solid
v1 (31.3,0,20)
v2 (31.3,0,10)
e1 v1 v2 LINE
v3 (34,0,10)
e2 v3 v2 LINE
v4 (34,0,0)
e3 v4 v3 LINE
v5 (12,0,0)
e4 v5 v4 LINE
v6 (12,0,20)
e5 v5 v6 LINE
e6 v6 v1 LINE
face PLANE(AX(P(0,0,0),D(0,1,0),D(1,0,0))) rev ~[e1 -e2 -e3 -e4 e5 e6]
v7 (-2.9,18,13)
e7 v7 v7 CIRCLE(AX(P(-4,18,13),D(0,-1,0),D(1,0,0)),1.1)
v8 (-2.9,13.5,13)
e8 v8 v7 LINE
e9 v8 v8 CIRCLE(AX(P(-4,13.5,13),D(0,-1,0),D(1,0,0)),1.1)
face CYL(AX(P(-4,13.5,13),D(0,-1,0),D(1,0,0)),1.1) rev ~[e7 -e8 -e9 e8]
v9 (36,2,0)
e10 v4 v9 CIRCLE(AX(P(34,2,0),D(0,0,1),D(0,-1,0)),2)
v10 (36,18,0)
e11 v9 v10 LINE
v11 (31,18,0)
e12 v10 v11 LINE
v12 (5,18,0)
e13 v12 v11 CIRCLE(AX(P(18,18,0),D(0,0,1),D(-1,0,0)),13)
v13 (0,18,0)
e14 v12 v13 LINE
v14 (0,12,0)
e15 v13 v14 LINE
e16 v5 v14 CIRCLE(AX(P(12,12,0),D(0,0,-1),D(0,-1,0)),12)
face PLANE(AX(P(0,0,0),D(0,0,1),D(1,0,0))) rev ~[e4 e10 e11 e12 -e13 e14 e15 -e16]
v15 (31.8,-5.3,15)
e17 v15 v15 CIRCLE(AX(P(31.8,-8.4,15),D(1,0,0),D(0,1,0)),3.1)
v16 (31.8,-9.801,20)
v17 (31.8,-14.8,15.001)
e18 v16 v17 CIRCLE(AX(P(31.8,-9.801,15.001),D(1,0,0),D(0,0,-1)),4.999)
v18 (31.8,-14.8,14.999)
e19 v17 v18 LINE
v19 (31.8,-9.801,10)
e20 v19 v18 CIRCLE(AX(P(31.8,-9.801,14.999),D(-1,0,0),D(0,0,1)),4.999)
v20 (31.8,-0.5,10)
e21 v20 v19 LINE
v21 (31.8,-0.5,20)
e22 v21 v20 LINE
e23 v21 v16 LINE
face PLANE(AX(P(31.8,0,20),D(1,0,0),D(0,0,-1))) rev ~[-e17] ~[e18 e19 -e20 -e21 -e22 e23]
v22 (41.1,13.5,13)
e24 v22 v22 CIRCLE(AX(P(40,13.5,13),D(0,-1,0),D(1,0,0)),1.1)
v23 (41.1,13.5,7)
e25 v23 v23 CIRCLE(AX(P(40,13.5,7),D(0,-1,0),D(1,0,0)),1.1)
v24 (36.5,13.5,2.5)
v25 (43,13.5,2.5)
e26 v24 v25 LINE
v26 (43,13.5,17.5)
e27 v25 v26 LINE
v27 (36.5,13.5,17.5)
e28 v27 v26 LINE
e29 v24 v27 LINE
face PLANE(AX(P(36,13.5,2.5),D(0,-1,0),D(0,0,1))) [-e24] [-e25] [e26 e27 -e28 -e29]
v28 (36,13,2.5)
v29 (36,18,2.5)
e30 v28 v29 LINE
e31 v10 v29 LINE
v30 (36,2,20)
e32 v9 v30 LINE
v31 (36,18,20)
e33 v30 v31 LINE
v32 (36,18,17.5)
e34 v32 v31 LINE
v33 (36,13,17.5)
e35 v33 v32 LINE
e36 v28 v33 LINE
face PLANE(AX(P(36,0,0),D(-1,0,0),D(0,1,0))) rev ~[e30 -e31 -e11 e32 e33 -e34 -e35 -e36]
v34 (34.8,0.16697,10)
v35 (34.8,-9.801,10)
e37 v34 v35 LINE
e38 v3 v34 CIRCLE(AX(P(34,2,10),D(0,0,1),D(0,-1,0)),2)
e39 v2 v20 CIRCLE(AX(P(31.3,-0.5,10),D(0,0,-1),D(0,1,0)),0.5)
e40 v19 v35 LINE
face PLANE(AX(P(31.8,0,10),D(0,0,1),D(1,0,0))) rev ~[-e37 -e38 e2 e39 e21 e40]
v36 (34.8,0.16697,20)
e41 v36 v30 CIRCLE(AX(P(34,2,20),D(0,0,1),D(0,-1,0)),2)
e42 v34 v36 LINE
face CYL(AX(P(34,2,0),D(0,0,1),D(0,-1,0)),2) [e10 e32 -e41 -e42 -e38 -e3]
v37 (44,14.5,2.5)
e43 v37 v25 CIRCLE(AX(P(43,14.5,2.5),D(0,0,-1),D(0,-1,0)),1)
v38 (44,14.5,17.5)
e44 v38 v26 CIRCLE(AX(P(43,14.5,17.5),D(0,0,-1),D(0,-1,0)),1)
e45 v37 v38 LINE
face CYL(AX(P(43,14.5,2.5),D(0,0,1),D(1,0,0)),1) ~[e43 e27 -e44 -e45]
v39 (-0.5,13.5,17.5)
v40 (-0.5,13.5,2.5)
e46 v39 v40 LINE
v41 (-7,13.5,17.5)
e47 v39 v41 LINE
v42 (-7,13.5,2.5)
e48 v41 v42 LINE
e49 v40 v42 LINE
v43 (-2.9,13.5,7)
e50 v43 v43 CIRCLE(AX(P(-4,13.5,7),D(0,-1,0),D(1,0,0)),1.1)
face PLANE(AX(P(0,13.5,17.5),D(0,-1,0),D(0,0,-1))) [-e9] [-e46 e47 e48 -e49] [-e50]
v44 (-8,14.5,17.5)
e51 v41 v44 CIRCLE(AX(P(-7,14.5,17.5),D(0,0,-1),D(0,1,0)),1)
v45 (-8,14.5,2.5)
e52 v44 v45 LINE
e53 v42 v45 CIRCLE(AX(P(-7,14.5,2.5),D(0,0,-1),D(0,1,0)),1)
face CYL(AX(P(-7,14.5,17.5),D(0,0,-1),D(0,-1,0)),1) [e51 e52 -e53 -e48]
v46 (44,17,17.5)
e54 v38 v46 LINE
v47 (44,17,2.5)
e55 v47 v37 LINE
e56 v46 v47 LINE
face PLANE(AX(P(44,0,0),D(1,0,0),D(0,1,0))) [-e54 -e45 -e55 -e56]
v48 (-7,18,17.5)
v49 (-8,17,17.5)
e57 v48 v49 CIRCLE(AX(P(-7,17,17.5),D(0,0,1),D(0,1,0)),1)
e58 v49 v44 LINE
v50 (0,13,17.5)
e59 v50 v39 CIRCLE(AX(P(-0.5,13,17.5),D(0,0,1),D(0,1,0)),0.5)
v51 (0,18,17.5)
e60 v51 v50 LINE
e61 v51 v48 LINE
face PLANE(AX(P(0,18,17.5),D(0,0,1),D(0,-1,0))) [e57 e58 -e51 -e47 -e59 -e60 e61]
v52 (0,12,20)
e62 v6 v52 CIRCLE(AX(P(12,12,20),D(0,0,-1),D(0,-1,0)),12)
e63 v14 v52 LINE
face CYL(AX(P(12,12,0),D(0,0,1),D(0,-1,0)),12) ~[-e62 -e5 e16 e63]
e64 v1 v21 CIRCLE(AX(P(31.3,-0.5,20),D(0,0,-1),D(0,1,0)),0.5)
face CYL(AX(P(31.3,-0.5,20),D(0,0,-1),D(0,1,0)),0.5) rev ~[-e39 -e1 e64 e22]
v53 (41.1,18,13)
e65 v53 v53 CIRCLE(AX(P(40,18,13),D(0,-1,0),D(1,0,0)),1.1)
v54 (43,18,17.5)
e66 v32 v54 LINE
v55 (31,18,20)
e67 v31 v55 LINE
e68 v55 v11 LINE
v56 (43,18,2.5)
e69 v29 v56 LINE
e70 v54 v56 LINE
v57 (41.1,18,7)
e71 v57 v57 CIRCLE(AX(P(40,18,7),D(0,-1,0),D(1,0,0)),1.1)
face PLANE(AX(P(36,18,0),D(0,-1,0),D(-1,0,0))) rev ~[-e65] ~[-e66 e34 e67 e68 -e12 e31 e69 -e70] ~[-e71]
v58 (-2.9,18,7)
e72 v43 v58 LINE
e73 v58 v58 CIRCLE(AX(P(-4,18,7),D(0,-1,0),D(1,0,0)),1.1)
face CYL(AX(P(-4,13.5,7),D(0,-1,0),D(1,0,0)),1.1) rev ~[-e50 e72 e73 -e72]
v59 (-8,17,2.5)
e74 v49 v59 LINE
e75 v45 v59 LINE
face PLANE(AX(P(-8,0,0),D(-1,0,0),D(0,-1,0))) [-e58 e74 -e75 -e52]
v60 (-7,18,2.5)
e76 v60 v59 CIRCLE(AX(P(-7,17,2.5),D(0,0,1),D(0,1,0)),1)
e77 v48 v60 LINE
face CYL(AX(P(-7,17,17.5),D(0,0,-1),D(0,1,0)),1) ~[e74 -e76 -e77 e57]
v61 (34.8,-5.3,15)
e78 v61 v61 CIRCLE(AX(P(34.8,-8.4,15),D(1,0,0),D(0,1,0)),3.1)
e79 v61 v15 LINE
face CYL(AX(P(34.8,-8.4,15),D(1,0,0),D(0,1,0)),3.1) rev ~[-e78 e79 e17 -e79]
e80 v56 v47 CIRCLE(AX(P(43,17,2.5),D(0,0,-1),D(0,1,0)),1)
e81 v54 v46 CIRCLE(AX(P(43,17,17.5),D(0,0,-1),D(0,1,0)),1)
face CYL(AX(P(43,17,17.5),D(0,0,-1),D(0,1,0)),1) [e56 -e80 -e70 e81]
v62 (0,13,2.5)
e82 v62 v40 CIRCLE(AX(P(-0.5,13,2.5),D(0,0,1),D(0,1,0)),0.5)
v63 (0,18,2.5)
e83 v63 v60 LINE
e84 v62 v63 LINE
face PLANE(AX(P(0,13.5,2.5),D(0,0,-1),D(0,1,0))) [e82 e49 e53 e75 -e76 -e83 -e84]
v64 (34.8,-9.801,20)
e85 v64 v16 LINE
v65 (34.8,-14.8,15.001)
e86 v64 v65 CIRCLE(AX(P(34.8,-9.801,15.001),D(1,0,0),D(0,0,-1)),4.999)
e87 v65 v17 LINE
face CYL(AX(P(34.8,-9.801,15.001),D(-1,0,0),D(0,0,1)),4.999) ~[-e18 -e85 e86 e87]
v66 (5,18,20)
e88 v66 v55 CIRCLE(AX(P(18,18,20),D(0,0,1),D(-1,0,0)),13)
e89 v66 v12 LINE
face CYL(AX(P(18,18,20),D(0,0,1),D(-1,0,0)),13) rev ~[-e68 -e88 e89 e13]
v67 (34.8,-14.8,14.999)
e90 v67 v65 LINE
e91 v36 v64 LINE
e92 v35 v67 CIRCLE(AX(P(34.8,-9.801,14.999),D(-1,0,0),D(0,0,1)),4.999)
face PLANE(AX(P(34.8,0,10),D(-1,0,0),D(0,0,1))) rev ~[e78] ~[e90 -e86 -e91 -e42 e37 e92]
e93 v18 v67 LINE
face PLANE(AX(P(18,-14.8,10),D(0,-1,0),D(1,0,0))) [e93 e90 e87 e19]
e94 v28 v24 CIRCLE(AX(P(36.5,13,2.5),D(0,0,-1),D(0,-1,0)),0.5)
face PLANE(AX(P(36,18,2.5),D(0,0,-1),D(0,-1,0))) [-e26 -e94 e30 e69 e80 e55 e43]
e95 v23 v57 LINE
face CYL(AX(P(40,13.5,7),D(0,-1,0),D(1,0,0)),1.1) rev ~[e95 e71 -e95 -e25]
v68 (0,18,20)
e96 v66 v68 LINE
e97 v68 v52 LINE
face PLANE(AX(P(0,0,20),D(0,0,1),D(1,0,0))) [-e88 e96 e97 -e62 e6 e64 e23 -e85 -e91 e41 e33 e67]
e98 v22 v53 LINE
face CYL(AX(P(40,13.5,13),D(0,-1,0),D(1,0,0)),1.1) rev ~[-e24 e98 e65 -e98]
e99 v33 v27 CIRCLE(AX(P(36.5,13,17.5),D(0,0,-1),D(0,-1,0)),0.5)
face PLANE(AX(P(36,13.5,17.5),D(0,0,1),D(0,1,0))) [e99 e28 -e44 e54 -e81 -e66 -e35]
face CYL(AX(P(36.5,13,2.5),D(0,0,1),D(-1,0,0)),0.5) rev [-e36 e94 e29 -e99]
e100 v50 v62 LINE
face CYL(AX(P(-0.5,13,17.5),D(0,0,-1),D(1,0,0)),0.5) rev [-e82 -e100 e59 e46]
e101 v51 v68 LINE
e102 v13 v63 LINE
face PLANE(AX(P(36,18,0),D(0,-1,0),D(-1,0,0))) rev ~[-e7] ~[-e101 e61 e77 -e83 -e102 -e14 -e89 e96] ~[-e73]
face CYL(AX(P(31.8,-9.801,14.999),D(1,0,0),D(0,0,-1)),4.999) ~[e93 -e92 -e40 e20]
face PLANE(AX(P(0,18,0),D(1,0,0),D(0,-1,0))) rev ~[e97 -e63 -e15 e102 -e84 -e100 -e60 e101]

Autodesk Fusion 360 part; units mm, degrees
sketch "Sketch1" plane through (0, 0, 0) normal (0, 0, 1) x (1, 0, 0)
  line L0 (0, 0) -> (36, 0)
  line L1 (36, 0) -> (36, 18)
  line L2 (36, 18) -> (0, 18)
  line L3 (0, 18) -> (0, 0)
  dimension "d1" = 36
  dimension "d2" = 18
extrude "Extrude1" add sketch "Sketch1" along normal blind 20
sketch "Sketch2" plane through (0, 0, 20) normal (0, 0, 1) x (-1, 0, 0)
  line L0 (0, -18) -> (0, 0)
  line L1 (0, 0) -> (-36, 0)
  line L2 (-36, 0) -> (-36, -18)
  line L3 (-36, -18) -> (0, -18)
  circle A0 centre (-18, -18) radius 13
  dimension "d5" = 26
extrude "Extrude2" cut sketch "Sketch2" against normal blind 20 contours L3 A0 picked at (-19.0768, -11.2377)
ref_plane "WorkPlane1" through (0, 20, 0) normal (0, 1, 0) x (0, 0, 1)
sketch "Sketch7" plane through (0, 0, 0) normal (0, -1, 0) x (1, 0, 0)
  line L0 (0, 0) -> (36, 0)
  line L1 (36, 20) -> (0, 20)
  line L2 (0, 20) -> (0, 0)
  line L3 (18, 10) -> (18, 23) construction
  line L4 (36, 0) -> (36, 20)
sketch "Sketch6" plane through (36, 0, 0) normal (1, 0, 0) x (0, 1, 0)
  line L0 (0, 0) -> (18, 0)
  line L1 (18, 0) -> (18, 20)
  line L2 (18, 20) -> (0, 20)
  line L3 (0, 20) -> (0, 0)
  line L4 (0, 20) -> (18, 0) construction
  line L5 (0, 0) -> (18, 20) construction
  line L6 (9, 10) -> (18, 10) construction
  line L7 (9, 10) -> (9, 0) construction
  line L8 (9, 10) -> (9, 20) construction
  line L9 (13.5, 17.5) -> (18, 17.5) construction
  line L10 (13.5, 5) -> (13.5, 10) construction
  line L11 (18, 7.5) -> (18, 12.5311)
  line L12 (13.5, 17.5) -> (18, 17.5)
  line L13 (18, 17.5) -> (18, 2.5)
  line L14 (18, 2.5) -> (13.5, 2.5)
  line L15 (13.5, 2.5) -> (13.5, 17.5)
  dimension "d25" = 15
  dimension "d26" = 4.5
  dimension "d34" = 7.5
extrude "Extrude7" add sketch "Sketch6" along normal blind 8 contours L1 L11 L12 L13 L14 L15
sketch "Sketch11" plane through (0, 13.5, 0) normal (0, -1, 0) x (1, 0, 0)
  line L0 (36, 17.5) -> (36, 2.5)
  line L1 (36, 2.5) -> (44, 2.5)
  line L2 (44, 2.5) -> (44, 17.5)
  line L3 (44, 17.5) -> (36, 17.5)
  circle A0 centre (40, 13) radius 1.1
  circle A1 centre (40, 7) radius 1.1
  line L4 (36, 0) -> (36, 20)
  line L5 (36, 20) -> (0, 20)
  line L6 (18, 10) -> (18, 23)
  circle A2 centre (-4, 13) radius 1.1
  circle A3 centre (-4, 7) radius 1.1
  dimension "d30" = 2.2
  dimension "d31" = 2.2
  dimension "d35" = 6
  dimension "d36" = 4
  dimension "d37" = 4
  dimension "d38" = 7
sketch "Sketch12" plane through (0, 0, 0) normal (-1, 0, 0) x (0, -1, 0)
  line L0 (-18, 0) -> (0, 0)
  line L1 (0, 0) -> (0, 20)
  line L2 (0, 20) -> (-18, 20)
  line L3 (-18, 20) -> (-18, 0)
  line L4 (-18, 17.5) -> (-13.5, 17.5)
  line L5 (-13.5, 17.5) -> (-13.5, 2.5)
  line L6 (-13.5, 2.5) -> (-18, 2.5)
  line L7 (-18, 2.5) -> (-18, 17.5)
  line L8 (-18, 10) -> (-8, 10) construction
  dimension "d39" = 15
  dimension "d40" = 7.5
  dimension "d41" = 4.5
extrude "Extrude8" add sketch "Sketch12" along normal blind 8 contours L3 L4 L5 L6 L7
extrude "Extrude9" cut sketch "Sketch11" against normal blind 4.5 contours A0 | A1 | A2 | A3
sketch "Sketch13" plane through (0, 0, 20) normal (0, 0, 1) x (-1, 0, 0)
  arc A0 (-5, -18) -> (-31, -18) centre (-18, -18) ccw
  line L0 (-5, -18) -> (0, -18)
  line L1 (0, -18) -> (0, 0)
  line L2 (0, 0) -> (-36, 0)
  line L3 (-36, 0) -> (-36, -18)
  line L4 (-36, -18) -> (-31, -18)
  line L5 (-34.8, -18) -> (-34.8, 0) construction
  dimension "d46" = 3.8
sketch "Sketch14" plane through (18, 0, 10) normal (0, -1, 0) x (1, 0, 0)
  line L0 (16.8, 10) -> (13.8, 10)
  line L1 (13.8, 10) -> (13.8, 0)
  line L2 (13.8, 0) -> (16.8, 0)
  line L3 (16.8, 0) -> (16.8, 10)
  point P0 (16.8, 10)
  dimension "d47" = 3
  dimension "d48" = 10
extrude "Extrude10" add sketch "Sketch14" along normal blind 14.8
sketch "Sketch15" plane through (34.8, 0, 0) normal (1, 0, 0) x (0, 1, 0)
  line L0 (0, 10) -> (0, 20)
  line L1 (0, 20) -> (-14.8, 20)
  line L2 (-14.8, 20) -> (-14.8, 10)
  line L3 (-14.8, 10) -> (0, 10)
  circle A0 centre (-8.4, 15) radius 3.1
  dimension "d51" = 6.2
  dimension "d52" = 6.4
  dimension "d53" = 5
extrude "Extrude11" cut sketch "Sketch15" against normal blind 3 contours A0
fillet "Fillet1" radius 5 2 edges at (33.3, -14.8, 20) (33.3, -14.8, 10)
fillet "Fillet2" radius 2 1 edges at (36, 0, 10)
fillet "Fillet3" radius 12 1 edges at (0, 0, 10)
fillet "Fillet4" radius 0.5 1 edges at (0, 13.5, 10)
fillet "Fillet5" radius 1 2 edges at (-8, 18, 10) (-8, 13.5, 10)
fillet "Fillet6" radius 1 2 edges at (44, 13.5, 10) (44, 18, 10)
fillet "Fillet7" radius 0.5 1 edges at (36, 13.5, 10)
fillet "Fillet8" radius 0.5 1 edges at (31.8, 0, 15)
